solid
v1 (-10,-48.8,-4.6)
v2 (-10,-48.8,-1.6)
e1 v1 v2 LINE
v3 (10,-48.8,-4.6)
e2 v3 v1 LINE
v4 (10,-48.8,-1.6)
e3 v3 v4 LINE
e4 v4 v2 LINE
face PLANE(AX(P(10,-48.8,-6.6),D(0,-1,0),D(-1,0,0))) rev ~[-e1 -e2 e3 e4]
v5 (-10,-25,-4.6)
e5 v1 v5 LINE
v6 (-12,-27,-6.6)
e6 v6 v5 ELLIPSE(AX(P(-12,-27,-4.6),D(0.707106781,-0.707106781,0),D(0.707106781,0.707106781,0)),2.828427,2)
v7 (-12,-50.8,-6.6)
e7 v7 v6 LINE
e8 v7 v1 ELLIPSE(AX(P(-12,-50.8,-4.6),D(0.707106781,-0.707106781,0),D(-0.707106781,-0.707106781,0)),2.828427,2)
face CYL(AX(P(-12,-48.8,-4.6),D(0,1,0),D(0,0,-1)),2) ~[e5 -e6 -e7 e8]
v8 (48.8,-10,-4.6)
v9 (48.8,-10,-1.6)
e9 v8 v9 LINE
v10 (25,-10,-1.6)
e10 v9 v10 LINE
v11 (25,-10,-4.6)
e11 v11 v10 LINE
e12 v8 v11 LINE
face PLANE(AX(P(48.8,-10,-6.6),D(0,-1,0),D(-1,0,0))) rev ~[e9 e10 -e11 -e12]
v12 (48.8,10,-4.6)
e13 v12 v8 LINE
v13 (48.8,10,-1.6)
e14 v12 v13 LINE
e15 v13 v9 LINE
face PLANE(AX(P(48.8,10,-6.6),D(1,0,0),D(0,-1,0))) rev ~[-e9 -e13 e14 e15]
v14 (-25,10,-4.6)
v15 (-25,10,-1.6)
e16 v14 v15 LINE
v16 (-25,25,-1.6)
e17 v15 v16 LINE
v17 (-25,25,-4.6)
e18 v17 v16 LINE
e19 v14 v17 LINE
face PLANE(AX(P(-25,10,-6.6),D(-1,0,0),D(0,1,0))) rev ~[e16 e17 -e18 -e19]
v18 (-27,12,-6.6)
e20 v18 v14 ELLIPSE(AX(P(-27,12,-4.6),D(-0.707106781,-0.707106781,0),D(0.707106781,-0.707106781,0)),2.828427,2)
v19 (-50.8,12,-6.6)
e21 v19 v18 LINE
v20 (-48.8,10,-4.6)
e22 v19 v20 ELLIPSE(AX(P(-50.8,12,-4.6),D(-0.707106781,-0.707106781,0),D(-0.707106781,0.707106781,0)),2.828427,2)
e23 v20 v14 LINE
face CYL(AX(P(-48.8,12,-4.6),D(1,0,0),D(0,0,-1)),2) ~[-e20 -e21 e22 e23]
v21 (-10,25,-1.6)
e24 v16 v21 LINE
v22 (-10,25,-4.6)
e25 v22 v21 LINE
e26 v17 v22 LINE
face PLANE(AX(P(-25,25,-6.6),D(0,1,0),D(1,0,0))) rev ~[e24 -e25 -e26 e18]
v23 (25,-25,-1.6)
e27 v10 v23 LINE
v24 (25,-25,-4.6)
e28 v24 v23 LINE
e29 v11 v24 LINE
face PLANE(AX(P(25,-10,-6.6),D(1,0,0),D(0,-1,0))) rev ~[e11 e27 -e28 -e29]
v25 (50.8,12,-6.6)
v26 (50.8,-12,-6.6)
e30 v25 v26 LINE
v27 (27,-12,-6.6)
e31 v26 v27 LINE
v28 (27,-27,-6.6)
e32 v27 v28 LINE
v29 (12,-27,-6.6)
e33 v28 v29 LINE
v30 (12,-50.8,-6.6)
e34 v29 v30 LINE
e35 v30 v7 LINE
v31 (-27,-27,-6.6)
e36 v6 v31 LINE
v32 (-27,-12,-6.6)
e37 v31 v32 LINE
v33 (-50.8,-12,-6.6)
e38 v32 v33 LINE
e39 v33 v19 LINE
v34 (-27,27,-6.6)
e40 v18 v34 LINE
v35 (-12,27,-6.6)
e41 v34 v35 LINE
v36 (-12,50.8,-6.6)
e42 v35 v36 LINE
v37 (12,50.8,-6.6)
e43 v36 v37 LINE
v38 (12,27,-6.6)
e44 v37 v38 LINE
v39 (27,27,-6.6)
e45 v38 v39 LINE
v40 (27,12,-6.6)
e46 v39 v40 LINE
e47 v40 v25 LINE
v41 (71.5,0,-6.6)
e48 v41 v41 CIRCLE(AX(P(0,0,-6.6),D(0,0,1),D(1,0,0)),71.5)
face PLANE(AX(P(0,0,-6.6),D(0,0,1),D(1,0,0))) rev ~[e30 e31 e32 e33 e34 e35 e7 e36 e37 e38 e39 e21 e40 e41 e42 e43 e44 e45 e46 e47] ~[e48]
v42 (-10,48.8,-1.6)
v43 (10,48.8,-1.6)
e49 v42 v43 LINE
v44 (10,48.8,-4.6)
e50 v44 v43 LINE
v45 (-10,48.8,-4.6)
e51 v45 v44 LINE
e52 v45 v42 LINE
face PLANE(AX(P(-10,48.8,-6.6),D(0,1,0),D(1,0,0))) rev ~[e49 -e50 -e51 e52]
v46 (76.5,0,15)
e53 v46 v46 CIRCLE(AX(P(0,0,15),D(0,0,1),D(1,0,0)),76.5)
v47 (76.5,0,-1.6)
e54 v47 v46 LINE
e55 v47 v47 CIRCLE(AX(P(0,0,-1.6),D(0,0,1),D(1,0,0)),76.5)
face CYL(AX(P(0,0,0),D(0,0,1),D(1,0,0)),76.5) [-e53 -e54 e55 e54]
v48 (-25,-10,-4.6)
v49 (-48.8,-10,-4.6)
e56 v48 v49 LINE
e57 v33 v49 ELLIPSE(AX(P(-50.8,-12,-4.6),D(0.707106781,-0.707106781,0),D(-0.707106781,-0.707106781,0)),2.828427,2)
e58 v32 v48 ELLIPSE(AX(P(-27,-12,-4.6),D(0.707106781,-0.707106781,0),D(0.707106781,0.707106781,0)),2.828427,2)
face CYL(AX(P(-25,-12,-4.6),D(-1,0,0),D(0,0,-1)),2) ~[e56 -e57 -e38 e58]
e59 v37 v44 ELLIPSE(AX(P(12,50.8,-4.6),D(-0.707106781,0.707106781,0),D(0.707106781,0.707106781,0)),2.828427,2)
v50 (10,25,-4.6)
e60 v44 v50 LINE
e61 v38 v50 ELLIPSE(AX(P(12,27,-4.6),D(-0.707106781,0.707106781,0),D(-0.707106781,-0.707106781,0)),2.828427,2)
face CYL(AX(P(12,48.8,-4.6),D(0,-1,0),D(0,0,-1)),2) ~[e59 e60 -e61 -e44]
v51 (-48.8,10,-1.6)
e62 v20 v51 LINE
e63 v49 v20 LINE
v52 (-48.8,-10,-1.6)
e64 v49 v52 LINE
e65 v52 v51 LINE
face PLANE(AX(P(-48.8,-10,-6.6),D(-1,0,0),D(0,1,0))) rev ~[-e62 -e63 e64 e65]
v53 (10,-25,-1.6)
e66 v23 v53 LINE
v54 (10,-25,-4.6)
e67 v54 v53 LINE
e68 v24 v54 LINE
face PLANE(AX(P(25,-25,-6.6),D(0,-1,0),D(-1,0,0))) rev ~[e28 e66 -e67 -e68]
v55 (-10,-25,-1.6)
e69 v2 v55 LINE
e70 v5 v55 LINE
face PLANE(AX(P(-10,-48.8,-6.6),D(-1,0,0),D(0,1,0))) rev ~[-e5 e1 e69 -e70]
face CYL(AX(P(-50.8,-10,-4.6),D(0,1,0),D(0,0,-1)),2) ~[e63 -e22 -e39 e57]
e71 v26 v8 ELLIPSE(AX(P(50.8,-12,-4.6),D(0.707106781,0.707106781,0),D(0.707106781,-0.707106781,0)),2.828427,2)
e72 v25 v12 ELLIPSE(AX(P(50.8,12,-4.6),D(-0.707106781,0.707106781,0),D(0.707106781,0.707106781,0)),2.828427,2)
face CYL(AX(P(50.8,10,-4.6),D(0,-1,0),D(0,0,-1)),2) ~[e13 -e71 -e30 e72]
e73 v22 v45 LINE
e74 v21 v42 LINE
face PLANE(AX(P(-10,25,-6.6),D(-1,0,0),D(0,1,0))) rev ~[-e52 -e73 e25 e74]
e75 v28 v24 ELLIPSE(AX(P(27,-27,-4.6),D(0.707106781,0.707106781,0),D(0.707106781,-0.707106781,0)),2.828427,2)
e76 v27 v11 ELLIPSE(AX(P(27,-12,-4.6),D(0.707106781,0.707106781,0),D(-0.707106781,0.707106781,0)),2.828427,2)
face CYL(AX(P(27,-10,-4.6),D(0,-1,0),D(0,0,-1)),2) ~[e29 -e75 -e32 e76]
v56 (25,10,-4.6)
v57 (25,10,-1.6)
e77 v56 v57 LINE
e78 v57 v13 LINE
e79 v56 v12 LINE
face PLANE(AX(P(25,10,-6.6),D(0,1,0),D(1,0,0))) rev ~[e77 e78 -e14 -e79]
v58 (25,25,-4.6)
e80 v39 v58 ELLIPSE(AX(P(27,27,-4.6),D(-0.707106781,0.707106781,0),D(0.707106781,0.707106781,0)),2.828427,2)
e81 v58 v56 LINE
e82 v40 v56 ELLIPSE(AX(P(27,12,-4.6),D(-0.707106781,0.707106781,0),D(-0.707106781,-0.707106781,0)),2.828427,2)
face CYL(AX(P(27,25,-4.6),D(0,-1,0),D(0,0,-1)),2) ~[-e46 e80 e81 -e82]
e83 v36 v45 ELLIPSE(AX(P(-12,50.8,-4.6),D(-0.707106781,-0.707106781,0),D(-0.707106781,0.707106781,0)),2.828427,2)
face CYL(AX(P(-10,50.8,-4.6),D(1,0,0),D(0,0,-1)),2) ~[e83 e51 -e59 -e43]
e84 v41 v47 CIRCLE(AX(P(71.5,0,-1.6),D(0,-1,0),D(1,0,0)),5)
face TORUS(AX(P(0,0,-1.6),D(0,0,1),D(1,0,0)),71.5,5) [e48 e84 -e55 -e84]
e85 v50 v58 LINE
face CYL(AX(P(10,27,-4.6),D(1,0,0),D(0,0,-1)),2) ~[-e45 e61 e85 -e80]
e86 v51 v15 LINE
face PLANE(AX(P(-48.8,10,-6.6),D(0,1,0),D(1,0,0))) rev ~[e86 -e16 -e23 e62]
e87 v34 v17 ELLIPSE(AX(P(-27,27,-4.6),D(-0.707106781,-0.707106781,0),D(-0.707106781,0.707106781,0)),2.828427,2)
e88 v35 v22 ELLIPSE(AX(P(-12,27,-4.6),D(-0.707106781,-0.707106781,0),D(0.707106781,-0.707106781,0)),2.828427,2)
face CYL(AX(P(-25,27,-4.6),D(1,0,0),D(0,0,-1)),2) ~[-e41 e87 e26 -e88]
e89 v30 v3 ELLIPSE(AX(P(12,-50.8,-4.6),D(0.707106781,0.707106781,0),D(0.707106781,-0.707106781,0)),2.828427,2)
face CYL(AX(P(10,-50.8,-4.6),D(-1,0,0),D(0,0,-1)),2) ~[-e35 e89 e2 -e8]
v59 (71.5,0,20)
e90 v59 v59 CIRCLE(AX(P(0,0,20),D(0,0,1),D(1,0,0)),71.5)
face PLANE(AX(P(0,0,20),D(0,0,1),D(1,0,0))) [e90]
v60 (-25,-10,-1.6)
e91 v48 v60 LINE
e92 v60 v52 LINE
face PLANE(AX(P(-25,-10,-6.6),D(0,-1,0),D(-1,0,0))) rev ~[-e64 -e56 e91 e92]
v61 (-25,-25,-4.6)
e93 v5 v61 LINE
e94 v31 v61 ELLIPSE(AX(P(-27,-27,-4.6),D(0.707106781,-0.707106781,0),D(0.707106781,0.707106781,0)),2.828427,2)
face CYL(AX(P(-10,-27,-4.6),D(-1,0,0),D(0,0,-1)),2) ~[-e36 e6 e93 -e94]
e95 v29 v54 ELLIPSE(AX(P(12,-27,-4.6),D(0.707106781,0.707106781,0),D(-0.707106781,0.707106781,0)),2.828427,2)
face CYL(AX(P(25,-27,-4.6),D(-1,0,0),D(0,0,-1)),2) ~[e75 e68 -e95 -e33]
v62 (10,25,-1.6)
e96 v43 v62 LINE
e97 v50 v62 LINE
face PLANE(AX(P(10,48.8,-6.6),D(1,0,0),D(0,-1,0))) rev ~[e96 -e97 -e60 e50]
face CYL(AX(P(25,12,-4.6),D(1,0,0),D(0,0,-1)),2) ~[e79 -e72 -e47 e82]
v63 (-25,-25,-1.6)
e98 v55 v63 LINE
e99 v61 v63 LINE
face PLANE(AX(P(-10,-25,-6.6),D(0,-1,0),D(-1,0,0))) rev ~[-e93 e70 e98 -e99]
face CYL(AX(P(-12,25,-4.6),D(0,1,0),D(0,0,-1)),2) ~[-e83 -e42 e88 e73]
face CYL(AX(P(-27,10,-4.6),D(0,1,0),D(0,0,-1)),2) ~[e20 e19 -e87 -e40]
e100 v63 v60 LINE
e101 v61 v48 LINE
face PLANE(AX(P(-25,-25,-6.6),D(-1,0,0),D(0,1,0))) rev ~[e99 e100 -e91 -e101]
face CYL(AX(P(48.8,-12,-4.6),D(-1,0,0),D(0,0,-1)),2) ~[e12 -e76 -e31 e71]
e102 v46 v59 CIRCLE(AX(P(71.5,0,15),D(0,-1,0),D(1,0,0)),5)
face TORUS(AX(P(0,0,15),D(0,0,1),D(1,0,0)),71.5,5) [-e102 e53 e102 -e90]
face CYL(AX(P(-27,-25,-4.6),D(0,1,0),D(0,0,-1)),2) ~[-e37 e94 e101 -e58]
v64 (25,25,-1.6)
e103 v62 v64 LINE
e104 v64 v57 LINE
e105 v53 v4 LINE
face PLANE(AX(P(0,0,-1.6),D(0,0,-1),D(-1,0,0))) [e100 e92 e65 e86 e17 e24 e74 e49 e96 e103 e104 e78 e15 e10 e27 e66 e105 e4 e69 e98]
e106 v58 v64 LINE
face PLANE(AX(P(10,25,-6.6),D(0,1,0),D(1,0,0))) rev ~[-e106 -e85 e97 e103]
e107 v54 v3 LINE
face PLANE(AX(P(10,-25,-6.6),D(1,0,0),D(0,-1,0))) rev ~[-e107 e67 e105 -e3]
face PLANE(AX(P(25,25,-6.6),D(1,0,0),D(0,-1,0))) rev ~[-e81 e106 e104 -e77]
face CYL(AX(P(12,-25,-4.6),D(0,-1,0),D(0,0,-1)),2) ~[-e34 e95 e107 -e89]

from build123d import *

# Parameters (mm, degrees)
SKICA1_R                     = 76.5
P_IDAT_VYSUNUT_M1_DEPTH      = 20
P_IDAT_VYSUNUT_M1_DEPTH_BACK = 6.6
ODEBRAT_VYSUNUT_M1_DEPTH     = 5
ZAOBLIT1_R                   = 2
ZAOBLIT2_R                   = 5


with BuildPart() as part:
    # Skica1 → Přidat vysunutím1 (new body, two sides)
    with BuildSketch(Plane.XY) as p_idat_vysunut_m1_sk:
        Circle(SKICA1_R)
    extrude(amount=P_IDAT_VYSUNUT_M1_DEPTH)
    extrude(p_idat_vysunut_m1_sk.sketch, amount=-P_IDAT_VYSUNUT_M1_DEPTH_BACK)

    # Skica2 → Odebrat vysunutím1 (cut)
    with BuildSketch(Plane(origin=(0, 0, -6.6), x_dir=(-1, 0, 0), z_dir=(0, 0, -1))):
        Polygon((25, -10), (48.8, -10), (48.8, 10), (25, 10), (25, 25), (10, 25), (10, 48.8), (-10, 48.8), (-10, 25), (-25, 25), (-25, 10), (-48.8, 10), (-48.8, -10), (-25, -10), (-25, -25), (-10, -25), (-10, -48.8), (10, -48.8), (10, -25), (25, -25), align=None)
    extrude(amount=-ODEBRAT_VYSUNUT_M1_DEPTH, mode=Mode.SUBTRACT)

    # Zaoblit1
    zaoblit1_edges = [part.edges().sort_by_distance(p)[0] for p in [
        (-25, -17.5, -6.6),
        (-36.9, -10, -6.6),
        (-48.8, 0, -6.6),
        (-36.9, 10, -6.6),
        (-25, 17.5, -6.6),
        (-17.5, 25, -6.6),
        (-10, 36.9, -6.6),
        (0, 48.8, -6.6),
        (10, 36.9, -6.6),
        (17.5, 25, -6.6),
        (25, 17.5, -6.6),
        (36.9, 10, -6.6),
        (48.8, 0, -6.6),
        (36.9, -10, -6.6),
        (25, -17.5, -6.6),
        (17.5, -25, -6.6),
        (10, -36.9, -6.6),
        (0, -48.8, -6.6),
        (-10, -36.9, -6.6),
        (-17.5, -25, -6.6),
    ]]
    fillet(zaoblit1_edges, radius=ZAOBLIT1_R)

    # Zaoblit2
    zaoblit2_edges = [part.edges().sort_by_distance(p)[0] for p in [
        (-76.5, 0, 20),
        (-76.5, 0, -6.6),
    ]]
    fillet(zaoblit2_edges, radius=ZAOBLIT2_R)


solid = part.part
